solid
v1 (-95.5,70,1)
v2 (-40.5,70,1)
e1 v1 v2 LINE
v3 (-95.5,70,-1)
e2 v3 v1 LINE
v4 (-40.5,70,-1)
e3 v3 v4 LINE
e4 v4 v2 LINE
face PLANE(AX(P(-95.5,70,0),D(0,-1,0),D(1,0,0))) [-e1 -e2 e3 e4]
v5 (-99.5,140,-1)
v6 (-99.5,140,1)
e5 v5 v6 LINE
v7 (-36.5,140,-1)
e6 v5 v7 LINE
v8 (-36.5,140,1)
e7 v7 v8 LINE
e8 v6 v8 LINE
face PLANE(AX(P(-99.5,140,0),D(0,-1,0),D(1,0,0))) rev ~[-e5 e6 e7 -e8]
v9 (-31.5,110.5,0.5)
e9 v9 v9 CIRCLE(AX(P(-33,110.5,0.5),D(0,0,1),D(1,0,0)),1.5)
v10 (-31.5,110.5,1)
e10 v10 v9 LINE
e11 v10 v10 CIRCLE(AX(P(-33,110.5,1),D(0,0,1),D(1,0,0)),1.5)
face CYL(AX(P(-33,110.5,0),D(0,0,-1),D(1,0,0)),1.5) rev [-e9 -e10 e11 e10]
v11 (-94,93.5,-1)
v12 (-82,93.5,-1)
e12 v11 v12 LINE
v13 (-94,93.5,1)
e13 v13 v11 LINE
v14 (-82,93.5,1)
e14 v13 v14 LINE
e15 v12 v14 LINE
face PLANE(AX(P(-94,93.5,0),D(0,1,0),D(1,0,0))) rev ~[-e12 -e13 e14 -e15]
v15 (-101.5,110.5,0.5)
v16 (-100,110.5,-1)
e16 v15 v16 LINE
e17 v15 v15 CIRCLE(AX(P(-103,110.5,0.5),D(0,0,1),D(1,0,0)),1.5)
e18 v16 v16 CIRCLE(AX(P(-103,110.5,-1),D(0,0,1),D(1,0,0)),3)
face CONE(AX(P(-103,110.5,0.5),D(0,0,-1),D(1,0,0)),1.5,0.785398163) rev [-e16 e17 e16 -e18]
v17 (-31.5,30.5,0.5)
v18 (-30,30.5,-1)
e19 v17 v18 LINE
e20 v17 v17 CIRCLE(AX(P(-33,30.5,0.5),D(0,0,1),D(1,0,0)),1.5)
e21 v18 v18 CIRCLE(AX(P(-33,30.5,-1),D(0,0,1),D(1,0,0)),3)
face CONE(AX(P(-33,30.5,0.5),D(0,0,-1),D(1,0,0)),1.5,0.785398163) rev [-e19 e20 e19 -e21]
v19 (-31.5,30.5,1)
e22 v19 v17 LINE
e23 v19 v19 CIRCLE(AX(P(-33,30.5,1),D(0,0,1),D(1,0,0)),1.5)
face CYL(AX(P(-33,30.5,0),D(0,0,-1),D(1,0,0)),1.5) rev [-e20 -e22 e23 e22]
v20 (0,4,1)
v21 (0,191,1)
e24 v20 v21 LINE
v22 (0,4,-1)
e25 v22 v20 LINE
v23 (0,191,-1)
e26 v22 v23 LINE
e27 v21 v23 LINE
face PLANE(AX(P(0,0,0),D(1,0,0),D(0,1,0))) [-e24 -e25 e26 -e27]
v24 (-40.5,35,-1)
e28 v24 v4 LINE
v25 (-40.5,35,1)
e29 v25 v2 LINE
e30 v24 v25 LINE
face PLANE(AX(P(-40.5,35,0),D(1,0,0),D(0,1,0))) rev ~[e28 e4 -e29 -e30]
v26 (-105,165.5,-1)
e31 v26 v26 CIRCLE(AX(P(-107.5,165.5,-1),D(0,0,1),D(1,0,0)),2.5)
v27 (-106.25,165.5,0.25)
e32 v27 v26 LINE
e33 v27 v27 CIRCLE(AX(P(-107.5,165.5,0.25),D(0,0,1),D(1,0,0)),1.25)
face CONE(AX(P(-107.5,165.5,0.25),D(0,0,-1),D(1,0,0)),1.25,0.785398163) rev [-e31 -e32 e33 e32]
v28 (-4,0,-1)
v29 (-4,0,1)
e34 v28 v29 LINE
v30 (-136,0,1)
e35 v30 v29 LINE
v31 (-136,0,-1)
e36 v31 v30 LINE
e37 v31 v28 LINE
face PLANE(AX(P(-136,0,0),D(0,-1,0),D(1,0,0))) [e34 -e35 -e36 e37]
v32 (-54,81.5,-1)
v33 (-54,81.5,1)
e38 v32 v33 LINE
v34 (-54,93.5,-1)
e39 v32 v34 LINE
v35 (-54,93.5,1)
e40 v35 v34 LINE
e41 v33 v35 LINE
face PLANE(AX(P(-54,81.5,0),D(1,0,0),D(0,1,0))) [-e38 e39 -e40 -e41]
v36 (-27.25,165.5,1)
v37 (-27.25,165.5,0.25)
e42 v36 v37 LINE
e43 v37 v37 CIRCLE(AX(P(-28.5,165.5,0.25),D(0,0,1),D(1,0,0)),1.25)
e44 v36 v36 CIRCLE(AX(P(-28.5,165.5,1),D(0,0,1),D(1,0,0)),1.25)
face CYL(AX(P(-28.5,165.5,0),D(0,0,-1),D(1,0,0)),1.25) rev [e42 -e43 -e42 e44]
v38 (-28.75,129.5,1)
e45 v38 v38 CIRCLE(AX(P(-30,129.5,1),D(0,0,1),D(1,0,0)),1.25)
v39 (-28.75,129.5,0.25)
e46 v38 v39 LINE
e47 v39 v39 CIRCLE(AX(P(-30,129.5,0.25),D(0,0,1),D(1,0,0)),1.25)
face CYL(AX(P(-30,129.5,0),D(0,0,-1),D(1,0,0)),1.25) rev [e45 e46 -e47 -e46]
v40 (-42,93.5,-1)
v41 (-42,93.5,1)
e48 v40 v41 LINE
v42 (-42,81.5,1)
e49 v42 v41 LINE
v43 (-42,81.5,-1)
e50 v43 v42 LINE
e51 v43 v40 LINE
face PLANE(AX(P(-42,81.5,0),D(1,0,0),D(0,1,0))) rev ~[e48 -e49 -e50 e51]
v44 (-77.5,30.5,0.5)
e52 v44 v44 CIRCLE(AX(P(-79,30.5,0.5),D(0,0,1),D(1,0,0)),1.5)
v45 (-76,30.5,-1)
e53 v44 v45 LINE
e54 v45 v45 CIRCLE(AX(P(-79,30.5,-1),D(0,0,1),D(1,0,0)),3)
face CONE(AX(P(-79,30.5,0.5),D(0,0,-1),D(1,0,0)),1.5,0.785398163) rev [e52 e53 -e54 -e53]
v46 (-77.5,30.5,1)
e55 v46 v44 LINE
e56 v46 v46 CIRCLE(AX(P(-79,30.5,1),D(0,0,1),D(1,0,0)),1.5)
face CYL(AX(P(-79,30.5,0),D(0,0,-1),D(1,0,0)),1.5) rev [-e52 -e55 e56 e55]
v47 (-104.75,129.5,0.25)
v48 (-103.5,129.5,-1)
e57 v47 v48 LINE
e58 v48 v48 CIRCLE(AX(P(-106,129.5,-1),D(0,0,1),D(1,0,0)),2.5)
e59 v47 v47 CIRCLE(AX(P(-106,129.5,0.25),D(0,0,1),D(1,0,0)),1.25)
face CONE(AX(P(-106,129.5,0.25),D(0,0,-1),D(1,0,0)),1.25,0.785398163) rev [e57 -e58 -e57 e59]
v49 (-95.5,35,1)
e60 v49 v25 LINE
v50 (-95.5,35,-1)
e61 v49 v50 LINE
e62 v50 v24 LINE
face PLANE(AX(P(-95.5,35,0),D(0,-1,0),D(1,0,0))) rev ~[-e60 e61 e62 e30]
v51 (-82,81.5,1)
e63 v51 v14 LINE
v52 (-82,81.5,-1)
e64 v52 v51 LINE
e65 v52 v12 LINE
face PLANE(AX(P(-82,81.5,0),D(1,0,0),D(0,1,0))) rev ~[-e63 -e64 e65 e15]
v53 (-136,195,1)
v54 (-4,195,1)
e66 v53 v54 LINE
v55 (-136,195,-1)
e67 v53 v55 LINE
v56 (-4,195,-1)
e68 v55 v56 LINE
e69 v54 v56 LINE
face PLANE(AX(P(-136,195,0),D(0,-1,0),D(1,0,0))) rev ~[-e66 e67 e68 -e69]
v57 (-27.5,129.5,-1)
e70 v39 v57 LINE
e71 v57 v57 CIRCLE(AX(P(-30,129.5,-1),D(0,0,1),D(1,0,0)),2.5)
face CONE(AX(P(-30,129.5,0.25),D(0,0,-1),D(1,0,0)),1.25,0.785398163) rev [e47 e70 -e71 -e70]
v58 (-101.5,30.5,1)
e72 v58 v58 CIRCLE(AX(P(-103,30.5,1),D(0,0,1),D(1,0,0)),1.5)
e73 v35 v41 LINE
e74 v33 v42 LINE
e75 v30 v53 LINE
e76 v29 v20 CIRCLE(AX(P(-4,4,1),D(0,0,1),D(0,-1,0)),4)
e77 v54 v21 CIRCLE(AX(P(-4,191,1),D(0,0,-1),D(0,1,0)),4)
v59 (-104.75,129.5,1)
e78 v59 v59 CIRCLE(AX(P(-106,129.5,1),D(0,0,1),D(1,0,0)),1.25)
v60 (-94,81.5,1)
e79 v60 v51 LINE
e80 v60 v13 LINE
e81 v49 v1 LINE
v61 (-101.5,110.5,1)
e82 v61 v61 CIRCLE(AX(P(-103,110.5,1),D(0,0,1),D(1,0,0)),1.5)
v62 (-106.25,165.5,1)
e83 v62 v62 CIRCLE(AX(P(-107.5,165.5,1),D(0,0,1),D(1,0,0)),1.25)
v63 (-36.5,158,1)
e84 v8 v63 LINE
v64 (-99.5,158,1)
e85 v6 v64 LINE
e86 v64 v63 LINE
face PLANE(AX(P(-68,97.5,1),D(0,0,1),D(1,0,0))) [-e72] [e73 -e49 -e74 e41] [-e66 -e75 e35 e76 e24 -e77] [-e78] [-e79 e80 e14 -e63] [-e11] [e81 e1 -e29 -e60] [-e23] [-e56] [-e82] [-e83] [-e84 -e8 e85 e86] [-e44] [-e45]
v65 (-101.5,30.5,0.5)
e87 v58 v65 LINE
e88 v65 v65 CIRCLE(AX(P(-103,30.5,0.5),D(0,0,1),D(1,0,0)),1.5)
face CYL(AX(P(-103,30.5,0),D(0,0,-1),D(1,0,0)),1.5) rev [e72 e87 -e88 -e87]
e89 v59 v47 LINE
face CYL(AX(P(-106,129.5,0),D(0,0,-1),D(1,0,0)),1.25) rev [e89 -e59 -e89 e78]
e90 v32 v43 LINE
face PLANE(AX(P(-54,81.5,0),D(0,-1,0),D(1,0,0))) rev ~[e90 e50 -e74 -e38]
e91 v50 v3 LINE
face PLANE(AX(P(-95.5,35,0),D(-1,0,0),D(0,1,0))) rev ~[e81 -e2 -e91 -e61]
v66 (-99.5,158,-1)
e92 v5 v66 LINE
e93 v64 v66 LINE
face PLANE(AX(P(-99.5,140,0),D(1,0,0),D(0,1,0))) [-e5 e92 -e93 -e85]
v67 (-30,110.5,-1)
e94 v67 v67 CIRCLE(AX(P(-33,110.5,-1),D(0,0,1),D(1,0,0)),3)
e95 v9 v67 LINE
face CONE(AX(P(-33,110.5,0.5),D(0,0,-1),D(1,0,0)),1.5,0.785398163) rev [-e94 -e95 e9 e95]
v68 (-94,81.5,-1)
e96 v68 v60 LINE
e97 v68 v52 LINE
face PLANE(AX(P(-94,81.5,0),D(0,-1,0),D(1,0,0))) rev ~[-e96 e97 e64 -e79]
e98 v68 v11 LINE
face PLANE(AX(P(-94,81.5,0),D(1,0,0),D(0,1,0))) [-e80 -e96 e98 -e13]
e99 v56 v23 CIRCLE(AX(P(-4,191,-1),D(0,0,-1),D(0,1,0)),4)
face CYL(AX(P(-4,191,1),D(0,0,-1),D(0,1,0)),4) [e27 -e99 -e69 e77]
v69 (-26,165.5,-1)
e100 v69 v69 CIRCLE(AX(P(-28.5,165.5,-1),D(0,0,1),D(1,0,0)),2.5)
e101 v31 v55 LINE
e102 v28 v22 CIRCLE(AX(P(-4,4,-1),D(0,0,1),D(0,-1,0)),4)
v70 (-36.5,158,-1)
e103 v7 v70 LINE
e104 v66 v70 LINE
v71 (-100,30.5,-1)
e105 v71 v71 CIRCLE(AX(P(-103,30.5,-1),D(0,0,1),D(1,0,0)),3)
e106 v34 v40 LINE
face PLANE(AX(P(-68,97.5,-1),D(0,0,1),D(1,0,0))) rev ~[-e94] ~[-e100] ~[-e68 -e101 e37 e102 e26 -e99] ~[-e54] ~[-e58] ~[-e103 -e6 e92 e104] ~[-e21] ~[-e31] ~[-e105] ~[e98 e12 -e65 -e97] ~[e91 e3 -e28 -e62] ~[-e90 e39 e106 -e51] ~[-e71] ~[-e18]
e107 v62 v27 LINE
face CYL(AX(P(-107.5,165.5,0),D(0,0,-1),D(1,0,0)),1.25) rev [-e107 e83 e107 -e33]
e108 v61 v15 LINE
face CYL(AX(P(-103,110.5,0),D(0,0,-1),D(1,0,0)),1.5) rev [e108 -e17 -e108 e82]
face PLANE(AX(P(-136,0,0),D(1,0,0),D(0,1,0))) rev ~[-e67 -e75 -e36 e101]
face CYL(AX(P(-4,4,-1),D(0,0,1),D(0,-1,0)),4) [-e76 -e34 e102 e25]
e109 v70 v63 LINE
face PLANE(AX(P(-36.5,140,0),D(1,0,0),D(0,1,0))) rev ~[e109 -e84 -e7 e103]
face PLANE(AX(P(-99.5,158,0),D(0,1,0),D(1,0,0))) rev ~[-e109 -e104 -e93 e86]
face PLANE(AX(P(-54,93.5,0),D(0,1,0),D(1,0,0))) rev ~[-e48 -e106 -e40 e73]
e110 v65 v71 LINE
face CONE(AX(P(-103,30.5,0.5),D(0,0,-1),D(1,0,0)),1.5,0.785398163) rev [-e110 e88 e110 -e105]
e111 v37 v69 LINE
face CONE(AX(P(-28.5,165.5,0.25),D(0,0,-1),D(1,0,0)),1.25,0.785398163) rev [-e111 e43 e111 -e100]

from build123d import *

# Parameters (mm, degrees)
ESQUISSE1_W      = 136
ESQUISSE1_H      = 195
ESQUISSE1_R      = 1.25
ESQUISSE1_R_2    = 1.5
ESQUISSE1_W_2    = 63
ESQUISSE1_H_2    = 18
ESQUISSE1_W_3    = 12
ESQUISSE1_H_3    = 12
ESQUISSE1_W_4    = 55
ESQUISSE1_H_4    = 35
EXTRUSION1_DEPTH = 1
CHANFREIN1_SIZE  = 1.5
CONG_1_R         = 4
CHANFREIN2_SIZE  = 1.25


with BuildPart() as part:
    # Esquisse1 → Extrusion1 (new body, symmetric)
    with BuildSketch(Plane.XY):
        with Locations((-68, 97.5)):
            Rectangle(ESQUISSE1_W, ESQUISSE1_H)
        with Locations((-107.5, 165.5)):
            Circle(ESQUISSE1_R, mode=Mode.SUBTRACT)
        with Locations((-28.5, 165.5)):
            Circle(ESQUISSE1_R, mode=Mode.SUBTRACT)
        with Locations((-30, 129.5)):
            Circle(ESQUISSE1_R, mode=Mode.SUBTRACT)
        with Locations((-106, 129.5)):
            Circle(ESQUISSE1_R, mode=Mode.SUBTRACT)
        with Locations((-103, 110.5)):
            Circle(ESQUISSE1_R_2, mode=Mode.SUBTRACT)
        with Locations((-33, 110.5)):
            Circle(ESQUISSE1_R_2, mode=Mode.SUBTRACT)
        with Locations((-33, 30.5)):
            Circle(ESQUISSE1_R_2, mode=Mode.SUBTRACT)
        with Locations((-103, 30.5)):
            Circle(ESQUISSE1_R_2, mode=Mode.SUBTRACT)
        with Locations((-79, 30.5)):
            Circle(ESQUISSE1_R_2, mode=Mode.SUBTRACT)
        with Locations((-68, 149)):
            Rectangle(ESQUISSE1_W_2, ESQUISSE1_H_2, mode=Mode.SUBTRACT)
        with Locations((-88, 87.5)):
            Rectangle(ESQUISSE1_W_3, ESQUISSE1_H_3, mode=Mode.SUBTRACT)
        with Locations((-48, 87.5)):
            Rectangle(ESQUISSE1_W_3, ESQUISSE1_H_3, mode=Mode.SUBTRACT)
        with Locations((-68, 52.5)):
            Rectangle(ESQUISSE1_W_4, ESQUISSE1_H_4, mode=Mode.SUBTRACT)
    extrude(amount=EXTRUSION1_DEPTH, both=True)

    # Chanfrein1
    chanfrein1_edges = [part.edges().sort_by_distance(p)[0] for p in [
        (-104.5, 110.5, -1),
        (-34.5, 110.5, -1),
        (-34.5, 30.5, -1),
        (-104.5, 30.5, -1),
        (-80.5, 30.5, -1),
    ]]
    chamfer(chanfrein1_edges, length=CHANFREIN1_SIZE)

    # Congé1
    cong_1_edges = [part.edges().sort_by_distance(p)[0] for p in [
        (0, 0, 0),
        (0, 195, 0),
    ]]
    fillet(cong_1_edges, radius=CONG_1_R)

    # Chanfrein2
    chanfrein2_edges = [part.edges().sort_by_distance(p)[0] for p in [
        (-108.75, 165.5, -1),
        (-29.75, 165.5, -1),
        (-31.25, 129.5, -1),
        (-107.25, 129.5, -1),
    ]]
    chamfer(chanfrein2_edges, length=CHANFREIN2_SIZE)


solid = part.part
